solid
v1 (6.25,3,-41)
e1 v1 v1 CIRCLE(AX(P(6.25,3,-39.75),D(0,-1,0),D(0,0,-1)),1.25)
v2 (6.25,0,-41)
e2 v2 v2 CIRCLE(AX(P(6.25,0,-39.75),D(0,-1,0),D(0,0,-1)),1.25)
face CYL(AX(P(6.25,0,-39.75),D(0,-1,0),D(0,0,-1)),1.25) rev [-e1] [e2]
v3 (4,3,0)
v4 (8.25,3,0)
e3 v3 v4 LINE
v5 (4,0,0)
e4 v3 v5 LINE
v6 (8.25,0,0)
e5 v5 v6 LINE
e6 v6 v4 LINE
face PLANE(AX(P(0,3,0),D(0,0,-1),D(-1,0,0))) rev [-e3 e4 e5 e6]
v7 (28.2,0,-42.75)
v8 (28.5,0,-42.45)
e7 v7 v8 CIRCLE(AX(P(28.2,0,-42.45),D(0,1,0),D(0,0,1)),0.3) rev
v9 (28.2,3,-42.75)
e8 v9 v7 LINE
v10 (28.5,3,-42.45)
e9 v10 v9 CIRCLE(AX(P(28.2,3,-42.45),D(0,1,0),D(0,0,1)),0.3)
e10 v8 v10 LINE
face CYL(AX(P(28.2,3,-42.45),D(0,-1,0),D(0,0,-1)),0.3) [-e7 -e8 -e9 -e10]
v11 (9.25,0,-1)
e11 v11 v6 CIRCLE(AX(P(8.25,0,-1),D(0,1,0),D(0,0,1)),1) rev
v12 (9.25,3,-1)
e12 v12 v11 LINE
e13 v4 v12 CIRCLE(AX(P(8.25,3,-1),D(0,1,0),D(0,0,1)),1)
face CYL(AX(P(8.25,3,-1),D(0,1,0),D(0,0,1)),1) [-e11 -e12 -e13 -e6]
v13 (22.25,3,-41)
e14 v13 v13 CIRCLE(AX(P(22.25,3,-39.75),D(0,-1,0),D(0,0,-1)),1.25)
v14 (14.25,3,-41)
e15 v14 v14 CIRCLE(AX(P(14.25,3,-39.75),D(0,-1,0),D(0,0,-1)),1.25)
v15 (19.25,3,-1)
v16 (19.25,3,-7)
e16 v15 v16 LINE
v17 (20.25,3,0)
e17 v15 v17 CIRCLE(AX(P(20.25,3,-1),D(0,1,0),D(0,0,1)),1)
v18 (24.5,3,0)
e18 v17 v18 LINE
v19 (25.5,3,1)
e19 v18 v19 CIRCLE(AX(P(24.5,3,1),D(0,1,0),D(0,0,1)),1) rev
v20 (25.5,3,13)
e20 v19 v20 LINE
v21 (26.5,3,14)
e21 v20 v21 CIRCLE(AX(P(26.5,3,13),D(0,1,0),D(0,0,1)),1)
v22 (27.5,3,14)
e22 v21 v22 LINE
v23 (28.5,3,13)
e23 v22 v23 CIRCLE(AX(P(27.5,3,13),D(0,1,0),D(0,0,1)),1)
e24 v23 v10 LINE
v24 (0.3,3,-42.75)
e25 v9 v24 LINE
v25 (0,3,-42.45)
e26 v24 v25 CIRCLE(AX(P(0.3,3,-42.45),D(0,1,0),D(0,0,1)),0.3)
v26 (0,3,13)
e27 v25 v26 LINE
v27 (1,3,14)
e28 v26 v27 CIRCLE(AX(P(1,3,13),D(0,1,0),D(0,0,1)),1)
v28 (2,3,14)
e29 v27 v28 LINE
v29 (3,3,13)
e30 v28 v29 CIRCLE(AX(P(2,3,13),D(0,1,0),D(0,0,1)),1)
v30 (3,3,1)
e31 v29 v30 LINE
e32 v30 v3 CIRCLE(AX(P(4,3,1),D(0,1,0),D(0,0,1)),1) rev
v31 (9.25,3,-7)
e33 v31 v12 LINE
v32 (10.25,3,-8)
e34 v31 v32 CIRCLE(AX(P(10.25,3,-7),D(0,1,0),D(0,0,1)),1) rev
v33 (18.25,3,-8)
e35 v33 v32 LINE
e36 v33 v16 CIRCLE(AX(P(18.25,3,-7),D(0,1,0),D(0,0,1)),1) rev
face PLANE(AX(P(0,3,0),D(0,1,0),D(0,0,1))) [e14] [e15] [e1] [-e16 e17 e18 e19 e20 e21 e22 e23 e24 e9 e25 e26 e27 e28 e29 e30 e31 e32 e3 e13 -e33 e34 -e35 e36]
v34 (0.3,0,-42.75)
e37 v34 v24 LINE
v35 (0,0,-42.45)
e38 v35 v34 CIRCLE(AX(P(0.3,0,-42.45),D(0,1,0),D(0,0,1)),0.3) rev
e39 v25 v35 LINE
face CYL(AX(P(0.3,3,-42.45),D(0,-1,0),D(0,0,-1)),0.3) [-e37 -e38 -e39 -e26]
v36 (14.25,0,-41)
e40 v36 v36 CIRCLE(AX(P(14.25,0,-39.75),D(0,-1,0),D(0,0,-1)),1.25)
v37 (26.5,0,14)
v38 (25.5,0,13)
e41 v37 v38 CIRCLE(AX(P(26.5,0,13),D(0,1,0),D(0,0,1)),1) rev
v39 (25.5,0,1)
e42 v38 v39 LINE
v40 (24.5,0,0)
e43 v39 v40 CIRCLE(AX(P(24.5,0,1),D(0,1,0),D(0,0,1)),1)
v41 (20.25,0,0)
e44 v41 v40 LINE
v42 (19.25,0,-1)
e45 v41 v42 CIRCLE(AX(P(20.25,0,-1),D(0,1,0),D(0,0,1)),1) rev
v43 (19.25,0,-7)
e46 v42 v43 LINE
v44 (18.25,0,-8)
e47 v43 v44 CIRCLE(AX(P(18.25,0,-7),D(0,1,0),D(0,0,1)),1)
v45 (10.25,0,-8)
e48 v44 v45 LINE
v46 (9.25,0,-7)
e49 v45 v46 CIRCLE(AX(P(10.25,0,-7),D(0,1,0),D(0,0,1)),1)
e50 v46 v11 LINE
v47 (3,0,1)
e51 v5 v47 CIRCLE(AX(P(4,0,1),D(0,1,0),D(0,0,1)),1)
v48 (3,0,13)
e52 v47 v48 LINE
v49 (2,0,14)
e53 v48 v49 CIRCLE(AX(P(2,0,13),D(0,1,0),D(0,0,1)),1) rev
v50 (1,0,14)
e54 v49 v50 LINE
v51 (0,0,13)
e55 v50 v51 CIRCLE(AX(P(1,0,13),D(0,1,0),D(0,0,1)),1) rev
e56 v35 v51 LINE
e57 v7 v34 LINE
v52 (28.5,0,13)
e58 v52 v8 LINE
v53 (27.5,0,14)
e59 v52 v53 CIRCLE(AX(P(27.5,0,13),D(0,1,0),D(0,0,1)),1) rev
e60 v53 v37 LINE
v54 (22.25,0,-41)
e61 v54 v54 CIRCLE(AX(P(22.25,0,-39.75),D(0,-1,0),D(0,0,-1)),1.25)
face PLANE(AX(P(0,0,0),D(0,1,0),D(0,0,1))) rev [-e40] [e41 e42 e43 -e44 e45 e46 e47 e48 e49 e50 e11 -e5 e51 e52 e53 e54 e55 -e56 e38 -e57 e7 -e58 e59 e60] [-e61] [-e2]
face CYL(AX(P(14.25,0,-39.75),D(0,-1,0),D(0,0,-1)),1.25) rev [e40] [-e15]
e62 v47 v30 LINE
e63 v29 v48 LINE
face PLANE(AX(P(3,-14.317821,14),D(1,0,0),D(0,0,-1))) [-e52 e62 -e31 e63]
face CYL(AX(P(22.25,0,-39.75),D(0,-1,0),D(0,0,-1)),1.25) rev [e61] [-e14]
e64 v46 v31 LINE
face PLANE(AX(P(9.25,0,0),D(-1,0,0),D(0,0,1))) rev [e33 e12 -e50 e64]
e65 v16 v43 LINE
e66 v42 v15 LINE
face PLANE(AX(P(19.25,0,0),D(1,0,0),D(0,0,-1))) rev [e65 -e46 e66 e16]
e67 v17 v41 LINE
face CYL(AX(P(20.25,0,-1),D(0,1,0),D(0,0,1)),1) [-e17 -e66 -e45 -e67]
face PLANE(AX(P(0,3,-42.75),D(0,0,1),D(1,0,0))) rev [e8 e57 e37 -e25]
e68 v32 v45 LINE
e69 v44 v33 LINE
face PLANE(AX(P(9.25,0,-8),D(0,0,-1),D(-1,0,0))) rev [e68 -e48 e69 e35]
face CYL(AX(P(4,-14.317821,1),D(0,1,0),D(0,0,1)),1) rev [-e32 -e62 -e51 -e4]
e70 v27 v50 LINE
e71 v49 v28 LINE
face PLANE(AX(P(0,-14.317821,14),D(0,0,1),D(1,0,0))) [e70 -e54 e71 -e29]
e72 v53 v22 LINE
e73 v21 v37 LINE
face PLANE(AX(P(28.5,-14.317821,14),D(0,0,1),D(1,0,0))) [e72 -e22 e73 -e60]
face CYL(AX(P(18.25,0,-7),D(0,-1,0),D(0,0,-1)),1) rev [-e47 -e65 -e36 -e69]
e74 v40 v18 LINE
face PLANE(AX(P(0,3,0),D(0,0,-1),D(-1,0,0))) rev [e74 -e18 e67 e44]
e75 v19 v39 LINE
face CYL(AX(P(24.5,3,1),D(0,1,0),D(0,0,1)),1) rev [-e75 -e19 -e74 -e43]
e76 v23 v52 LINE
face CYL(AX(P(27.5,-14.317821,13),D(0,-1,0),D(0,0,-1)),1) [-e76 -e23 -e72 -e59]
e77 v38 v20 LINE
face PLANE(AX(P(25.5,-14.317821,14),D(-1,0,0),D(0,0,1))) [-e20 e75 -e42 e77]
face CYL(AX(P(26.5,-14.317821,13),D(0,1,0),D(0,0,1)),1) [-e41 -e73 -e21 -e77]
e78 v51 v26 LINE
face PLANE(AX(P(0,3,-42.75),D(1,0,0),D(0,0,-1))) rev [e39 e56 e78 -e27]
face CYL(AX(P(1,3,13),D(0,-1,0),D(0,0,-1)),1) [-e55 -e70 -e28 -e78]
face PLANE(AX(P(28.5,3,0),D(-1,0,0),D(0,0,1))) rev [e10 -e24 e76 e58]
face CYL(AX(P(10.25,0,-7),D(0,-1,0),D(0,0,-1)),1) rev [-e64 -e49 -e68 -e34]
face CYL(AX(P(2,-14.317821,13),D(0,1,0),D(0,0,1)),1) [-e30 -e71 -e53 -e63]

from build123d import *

# Parameters (mm, degrees)
SKETCH1_W             = 28.5
SKETCH1_H             = 42.75
BOSS_EXTRUDE1_DEPTH   = 3
M3X0_5_TAPPED_HOLE1_D = 2.5
SKETCH6_W             = 3
SKETCH6_H             = 14
BOSS_EXTRUDE2_DEPTH   = 3
SKETCH7_W             = 10
SKETCH7_H             = 8
CUT_EXTRUDE1_DEPTH    = 52.466615393
FILLET1_R             = 1
FILLET2_R             = 0.3


with BuildPart() as part:
    # Sketch1 → Boss-Extrude1 (new body)
    with BuildSketch(Plane(origin=(0, 0, 0), x_dir=(1, 0, 0), z_dir=(0, 1, 0))):
        with Locations((14.25, 21.375)):
            Rectangle(SKETCH1_W, SKETCH1_H)
    extrude(amount=BOSS_EXTRUDE1_DEPTH)

    # M3x0.5 Tapped Hole1 (through all)
    with Locations(Plane(origin=(0, 0, 0), x_dir=(-1, 0, 0), z_dir=(0, -1, 0))):
        with Locations((-22.25, 39.75), (-14.25, 39.75), (-6.25, 39.75)):
            Hole(M3X0_5_TAPPED_HOLE1_D / 2)

    # Sketch6 → Boss-Extrude2 (add)
    with BuildSketch(Plane(origin=(0, 3, 0), x_dir=(1, 0, 0), z_dir=(0, 1, 0))):
        with Locations((1.5, -7)):
            Rectangle(SKETCH6_W, SKETCH6_H)
        with Locations((27, -7)):
            Rectangle(SKETCH6_W, SKETCH6_H)
    extrude(amount=-BOSS_EXTRUDE2_DEPTH)

    # Sketch7 → Cut-Extrude1 (cut, through all)
    with BuildSketch(Plane(origin=(0, 3, 0), x_dir=(1, 0, 0), z_dir=(0, 1, 0))):
        with Locations((14.25, 4)):
            Rectangle(SKETCH7_W, SKETCH7_H)
    extrude(amount=-CUT_EXTRUDE1_DEPTH, mode=Mode.SUBTRACT)

    # Fillet1
    fillet1_edges = [part.edges().sort_by_distance(p)[0] for p in [
        (3, 1.5, 0),
        (3, 1.5, 14),
        (0, 1.5, 14),
        (25.5, 1.5, 14),
        (25.5, 1.5, 0),
        (28.5, 1.5, 14),
        (19.25, 1.5, -8),
        (19.25, 1.5, 0),
        (9.25, 1.5, 0),
        (9.25, 1.5, -8),
    ]]
    fillet(fillet1_edges, radius=FILLET1_R)

    # Fillet2
    fillet2_edges = [part.edges().sort_by_distance(p)[0] for p in [
        (0, 1.5, -42.75),
        (28.5, 1.5, -42.75),
    ]]
    fillet(fillet2_edges, radius=FILLET2_R)


solid = part.part
